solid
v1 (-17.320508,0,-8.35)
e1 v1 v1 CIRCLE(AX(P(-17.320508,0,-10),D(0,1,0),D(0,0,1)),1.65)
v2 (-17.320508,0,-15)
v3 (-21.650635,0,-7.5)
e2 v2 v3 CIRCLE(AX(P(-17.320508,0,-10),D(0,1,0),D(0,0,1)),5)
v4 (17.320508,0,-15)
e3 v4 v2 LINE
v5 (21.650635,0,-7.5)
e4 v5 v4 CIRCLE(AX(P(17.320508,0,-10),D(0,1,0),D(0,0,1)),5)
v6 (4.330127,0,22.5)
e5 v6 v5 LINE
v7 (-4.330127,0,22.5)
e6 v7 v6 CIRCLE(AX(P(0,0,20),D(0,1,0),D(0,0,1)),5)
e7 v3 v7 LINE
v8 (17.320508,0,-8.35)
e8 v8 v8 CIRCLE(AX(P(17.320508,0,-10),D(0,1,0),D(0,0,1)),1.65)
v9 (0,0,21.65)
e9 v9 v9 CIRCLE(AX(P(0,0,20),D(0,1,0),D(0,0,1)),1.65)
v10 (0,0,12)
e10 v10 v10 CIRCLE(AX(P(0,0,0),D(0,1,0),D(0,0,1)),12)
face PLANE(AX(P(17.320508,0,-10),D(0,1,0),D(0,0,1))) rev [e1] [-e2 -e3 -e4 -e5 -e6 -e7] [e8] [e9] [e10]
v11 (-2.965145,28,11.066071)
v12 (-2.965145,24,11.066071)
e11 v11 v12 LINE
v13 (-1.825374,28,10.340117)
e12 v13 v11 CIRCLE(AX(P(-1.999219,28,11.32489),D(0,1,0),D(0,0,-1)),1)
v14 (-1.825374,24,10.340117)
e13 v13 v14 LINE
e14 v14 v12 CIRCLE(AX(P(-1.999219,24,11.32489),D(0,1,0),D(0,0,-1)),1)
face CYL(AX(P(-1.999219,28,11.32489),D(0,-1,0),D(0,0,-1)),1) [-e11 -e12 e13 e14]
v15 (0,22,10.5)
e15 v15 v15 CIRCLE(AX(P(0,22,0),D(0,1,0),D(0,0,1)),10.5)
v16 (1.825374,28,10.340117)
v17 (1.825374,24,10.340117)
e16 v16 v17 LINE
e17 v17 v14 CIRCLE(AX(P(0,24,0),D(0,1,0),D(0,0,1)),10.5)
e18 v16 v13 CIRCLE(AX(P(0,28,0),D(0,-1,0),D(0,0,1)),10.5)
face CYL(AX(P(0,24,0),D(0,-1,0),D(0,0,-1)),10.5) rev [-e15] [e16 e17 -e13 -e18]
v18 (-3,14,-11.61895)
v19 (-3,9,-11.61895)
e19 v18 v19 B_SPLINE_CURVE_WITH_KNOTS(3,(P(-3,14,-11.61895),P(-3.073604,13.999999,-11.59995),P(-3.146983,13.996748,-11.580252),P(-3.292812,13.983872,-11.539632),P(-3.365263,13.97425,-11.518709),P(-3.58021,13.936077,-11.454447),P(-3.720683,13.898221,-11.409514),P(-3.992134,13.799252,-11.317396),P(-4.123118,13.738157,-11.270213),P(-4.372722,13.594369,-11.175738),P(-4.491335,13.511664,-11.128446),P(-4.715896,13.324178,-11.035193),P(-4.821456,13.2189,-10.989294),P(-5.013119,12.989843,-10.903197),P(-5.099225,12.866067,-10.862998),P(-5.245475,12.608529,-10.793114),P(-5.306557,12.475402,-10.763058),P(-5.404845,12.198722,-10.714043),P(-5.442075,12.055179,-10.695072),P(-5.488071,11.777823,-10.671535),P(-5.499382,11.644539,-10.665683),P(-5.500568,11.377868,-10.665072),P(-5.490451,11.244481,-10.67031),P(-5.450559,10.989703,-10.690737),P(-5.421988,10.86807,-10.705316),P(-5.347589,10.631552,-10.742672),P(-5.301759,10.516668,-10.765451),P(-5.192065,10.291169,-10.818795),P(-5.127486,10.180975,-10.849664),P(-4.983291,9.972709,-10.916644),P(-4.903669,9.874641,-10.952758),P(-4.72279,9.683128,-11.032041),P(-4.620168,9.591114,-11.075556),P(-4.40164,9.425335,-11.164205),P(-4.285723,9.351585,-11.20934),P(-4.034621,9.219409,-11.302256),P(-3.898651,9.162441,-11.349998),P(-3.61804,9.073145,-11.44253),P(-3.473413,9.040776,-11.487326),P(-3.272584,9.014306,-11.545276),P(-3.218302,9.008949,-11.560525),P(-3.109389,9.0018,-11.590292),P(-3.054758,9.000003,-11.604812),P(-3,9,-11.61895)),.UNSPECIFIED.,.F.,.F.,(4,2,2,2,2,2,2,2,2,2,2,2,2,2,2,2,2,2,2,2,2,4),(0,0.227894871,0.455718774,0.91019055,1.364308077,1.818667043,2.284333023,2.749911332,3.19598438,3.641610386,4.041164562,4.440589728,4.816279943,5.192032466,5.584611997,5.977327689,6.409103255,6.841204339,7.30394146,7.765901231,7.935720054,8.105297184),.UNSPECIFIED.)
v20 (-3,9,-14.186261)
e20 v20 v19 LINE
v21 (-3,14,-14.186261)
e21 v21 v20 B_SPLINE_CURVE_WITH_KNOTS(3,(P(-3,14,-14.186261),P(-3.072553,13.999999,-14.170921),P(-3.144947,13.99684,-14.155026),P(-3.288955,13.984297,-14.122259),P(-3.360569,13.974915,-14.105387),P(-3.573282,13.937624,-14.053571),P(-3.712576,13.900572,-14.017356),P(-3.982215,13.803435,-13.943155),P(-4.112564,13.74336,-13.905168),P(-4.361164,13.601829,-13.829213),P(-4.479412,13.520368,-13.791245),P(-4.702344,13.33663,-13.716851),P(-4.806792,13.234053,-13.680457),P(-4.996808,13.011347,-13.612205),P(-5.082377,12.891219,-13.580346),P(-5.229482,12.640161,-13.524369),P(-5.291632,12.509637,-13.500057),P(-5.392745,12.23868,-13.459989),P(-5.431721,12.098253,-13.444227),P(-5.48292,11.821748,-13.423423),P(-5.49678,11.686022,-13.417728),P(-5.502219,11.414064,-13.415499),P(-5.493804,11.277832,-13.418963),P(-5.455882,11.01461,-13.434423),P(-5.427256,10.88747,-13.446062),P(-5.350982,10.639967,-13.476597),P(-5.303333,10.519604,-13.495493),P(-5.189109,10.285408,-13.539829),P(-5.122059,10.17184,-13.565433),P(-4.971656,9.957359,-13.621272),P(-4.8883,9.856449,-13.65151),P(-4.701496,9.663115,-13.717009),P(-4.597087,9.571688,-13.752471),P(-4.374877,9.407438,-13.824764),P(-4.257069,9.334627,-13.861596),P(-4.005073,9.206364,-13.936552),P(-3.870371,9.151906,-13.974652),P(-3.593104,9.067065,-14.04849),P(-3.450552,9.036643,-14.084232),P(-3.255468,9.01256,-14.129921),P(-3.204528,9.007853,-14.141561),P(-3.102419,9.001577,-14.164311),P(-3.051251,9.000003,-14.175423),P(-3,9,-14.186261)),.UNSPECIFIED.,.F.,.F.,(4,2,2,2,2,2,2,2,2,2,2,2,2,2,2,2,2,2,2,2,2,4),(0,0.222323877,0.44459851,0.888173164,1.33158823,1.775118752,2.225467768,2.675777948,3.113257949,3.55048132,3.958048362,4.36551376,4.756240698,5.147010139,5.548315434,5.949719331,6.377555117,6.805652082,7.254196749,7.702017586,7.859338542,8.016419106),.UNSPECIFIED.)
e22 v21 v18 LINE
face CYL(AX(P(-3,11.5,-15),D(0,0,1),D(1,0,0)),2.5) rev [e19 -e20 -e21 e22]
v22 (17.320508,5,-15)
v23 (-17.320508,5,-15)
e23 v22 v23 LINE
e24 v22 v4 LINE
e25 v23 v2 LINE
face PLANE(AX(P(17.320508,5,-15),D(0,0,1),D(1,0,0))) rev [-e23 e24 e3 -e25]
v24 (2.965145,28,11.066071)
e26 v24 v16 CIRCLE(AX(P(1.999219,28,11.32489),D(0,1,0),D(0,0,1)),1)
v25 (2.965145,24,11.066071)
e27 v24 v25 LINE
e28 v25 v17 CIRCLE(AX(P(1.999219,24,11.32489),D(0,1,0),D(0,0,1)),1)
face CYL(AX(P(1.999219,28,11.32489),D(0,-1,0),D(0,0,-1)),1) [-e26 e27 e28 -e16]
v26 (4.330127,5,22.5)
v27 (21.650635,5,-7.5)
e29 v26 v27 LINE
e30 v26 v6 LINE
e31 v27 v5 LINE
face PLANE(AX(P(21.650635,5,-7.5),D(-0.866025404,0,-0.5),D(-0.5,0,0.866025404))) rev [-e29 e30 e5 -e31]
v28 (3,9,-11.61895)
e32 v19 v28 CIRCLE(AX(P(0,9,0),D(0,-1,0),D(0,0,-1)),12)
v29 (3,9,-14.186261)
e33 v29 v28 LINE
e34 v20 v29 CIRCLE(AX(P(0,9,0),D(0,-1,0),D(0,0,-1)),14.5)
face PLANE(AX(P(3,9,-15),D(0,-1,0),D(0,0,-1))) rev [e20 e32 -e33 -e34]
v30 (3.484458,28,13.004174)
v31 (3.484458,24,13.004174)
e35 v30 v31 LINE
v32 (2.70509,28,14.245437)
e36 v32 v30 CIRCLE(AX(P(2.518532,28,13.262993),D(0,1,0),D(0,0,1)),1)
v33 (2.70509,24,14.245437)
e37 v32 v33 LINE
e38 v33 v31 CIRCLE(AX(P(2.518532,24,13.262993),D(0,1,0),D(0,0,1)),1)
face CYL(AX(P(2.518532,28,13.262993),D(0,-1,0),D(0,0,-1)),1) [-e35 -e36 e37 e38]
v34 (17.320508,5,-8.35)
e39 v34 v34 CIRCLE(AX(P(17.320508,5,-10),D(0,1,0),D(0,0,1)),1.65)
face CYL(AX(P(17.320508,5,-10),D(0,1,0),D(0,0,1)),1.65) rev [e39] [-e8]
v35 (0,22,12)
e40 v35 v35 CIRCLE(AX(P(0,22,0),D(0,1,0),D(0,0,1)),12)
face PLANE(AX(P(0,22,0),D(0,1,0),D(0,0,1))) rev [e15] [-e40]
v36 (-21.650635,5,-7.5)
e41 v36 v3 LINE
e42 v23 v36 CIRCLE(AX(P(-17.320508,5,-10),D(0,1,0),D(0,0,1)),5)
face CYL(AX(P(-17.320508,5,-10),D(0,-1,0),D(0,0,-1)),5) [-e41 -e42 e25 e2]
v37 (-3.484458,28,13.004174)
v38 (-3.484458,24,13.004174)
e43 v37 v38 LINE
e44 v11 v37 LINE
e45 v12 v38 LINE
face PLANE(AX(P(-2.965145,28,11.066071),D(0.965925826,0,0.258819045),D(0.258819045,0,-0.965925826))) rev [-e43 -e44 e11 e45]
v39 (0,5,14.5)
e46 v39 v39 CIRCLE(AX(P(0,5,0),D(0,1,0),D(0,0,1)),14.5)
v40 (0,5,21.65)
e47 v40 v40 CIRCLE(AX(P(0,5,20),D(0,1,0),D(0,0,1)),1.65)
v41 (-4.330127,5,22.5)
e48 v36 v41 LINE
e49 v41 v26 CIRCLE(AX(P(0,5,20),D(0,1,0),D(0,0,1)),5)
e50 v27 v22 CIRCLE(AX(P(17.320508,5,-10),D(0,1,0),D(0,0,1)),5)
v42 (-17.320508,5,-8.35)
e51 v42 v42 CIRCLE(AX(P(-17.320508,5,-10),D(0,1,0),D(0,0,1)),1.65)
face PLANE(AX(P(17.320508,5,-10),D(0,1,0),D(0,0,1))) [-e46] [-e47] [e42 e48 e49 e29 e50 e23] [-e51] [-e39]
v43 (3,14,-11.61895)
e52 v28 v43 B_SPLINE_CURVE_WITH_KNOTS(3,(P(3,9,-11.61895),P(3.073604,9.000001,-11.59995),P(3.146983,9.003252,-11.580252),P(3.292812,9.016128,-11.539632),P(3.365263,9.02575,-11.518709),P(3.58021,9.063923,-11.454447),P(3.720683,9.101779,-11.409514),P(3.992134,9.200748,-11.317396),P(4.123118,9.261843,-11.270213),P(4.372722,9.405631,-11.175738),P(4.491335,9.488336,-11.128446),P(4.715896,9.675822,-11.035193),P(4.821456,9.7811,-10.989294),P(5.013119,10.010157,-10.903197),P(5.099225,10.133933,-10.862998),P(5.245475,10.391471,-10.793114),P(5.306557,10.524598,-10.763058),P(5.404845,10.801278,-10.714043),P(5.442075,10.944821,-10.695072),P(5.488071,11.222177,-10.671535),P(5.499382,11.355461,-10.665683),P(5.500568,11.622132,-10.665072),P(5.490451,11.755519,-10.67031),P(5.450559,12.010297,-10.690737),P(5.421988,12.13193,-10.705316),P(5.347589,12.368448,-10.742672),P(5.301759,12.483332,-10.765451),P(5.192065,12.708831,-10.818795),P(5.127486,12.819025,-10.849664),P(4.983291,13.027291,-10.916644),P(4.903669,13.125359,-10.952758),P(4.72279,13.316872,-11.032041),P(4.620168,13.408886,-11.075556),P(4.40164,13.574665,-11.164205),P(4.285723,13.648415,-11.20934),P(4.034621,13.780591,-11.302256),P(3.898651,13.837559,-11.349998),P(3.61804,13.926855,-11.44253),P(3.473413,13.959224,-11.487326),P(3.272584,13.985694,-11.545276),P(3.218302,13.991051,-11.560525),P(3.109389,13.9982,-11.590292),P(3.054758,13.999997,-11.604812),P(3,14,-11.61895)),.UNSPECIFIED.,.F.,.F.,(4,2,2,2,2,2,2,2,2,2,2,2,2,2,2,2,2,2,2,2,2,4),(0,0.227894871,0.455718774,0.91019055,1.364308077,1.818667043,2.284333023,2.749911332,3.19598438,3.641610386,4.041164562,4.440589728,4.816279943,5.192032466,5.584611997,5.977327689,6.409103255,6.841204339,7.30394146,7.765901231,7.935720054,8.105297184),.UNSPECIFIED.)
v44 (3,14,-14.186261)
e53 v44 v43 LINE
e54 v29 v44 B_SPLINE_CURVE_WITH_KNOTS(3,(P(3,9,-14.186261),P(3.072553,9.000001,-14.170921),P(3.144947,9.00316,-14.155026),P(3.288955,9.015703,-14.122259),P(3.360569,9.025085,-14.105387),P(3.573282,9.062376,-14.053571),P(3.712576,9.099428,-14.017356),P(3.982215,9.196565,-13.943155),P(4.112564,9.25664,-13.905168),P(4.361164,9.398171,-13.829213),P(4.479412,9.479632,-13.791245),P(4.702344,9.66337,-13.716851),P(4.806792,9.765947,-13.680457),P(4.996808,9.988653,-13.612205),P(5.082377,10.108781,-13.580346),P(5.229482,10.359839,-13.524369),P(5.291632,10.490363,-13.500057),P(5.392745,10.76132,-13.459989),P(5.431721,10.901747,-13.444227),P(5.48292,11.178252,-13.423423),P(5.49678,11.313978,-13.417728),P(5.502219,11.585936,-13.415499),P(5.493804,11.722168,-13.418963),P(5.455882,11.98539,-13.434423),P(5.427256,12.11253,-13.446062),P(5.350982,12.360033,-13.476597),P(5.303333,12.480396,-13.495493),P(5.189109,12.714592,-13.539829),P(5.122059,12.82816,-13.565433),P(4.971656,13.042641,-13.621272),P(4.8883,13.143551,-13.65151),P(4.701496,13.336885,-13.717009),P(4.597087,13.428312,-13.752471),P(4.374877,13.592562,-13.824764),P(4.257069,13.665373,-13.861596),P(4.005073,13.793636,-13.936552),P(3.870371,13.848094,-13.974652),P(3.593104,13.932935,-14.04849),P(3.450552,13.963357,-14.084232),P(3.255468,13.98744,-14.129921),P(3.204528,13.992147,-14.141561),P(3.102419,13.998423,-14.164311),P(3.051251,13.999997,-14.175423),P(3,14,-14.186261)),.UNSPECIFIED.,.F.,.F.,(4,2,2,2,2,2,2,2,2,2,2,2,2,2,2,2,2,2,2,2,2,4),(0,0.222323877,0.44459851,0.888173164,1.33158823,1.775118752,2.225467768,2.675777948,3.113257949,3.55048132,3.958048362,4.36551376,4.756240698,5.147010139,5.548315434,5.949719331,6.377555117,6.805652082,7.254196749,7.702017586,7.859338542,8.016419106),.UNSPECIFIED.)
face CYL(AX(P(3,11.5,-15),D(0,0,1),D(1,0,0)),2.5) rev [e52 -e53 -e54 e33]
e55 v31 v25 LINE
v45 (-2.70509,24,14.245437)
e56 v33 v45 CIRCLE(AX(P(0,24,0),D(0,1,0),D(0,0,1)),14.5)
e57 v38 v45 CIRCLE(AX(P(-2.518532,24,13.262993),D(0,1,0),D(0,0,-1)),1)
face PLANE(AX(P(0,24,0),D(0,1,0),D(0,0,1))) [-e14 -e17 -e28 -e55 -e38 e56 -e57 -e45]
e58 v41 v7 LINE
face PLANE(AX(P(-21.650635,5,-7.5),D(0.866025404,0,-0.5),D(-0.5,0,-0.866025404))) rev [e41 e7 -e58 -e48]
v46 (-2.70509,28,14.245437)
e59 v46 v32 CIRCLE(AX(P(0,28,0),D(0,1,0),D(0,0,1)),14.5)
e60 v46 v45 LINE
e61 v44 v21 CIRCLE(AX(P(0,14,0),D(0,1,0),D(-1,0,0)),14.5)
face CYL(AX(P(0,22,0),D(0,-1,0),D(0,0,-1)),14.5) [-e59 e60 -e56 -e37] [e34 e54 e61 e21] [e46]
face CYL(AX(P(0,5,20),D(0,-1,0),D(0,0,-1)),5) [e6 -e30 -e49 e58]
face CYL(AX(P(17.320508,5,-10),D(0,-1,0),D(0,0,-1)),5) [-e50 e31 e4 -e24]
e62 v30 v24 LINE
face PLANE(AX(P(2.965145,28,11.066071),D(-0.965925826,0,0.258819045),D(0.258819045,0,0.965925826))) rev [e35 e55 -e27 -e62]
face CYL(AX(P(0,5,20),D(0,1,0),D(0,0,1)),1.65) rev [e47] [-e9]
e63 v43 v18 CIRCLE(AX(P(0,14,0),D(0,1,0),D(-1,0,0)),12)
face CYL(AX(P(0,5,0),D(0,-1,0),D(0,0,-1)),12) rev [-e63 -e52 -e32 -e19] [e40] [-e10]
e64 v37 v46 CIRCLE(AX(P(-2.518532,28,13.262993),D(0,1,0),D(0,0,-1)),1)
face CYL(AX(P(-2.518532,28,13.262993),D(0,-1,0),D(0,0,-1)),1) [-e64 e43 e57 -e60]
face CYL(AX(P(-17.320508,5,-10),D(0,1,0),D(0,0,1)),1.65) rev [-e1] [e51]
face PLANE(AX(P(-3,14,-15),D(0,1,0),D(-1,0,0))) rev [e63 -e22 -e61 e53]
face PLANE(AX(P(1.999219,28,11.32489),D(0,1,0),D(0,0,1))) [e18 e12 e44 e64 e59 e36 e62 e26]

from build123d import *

# Parameters (mm, degrees)
SKETCH_1_R          = 12
EXTRUDE_4_DEPTH     = 5
SKETCH_6_R          = 14.5
SKETCH_6_R_2        = 12
EXTRUDE_5_DEPTH     = 17
SKETCH_7_R          = 14.5
SKETCH_7_R_2        = 10.5
EXTRUDE_6_DEPTH     = 2
EXTRUDE_7_DEPTH     = 4
CUT_EXTRUDE_3_DEPTH = 44.671559
HOLE_WIZARD_M4_1_D  = 3.3


with BuildPart() as part:
    # 草图1 → 凸台-拉伸4 (new body)
    with BuildSketch(Plane(origin=(0, 0, 0), x_dir=(1, 0, 0), z_dir=(0, 1, 0))):
        with BuildLine():
            Line((-21.650635, 7.5), (-4.330127, -22.5))
            ThreePointArc((-4.330127, -22.5), (0, -25), (4.330127, -22.5))
            Line((4.330127, -22.5), (21.650635, 7.5))
            ThreePointArc((21.650635, 7.5), (21.650635, 12.5), (17.320508, 15))
            Line((17.320508, 15), (-17.320508, 15))
            ThreePointArc((-17.320508, 15), (-21.650635, 12.5), (-21.650635, 7.5))
        make_face()
        with Locations(Location((0, 0, 0), (0, 0, 270))):
            Circle(SKETCH_1_R, mode=Mode.SUBTRACT)
    extrude(amount=EXTRUDE_4_DEPTH)

    # 草图6 → 凸台-拉伸5 (add)
    with BuildSketch(Plane(origin=(0, 5, 0), x_dir=(1, 0, 0), z_dir=(0, 1, 0))):
        with Locations(Location((0, 0, 0), (0, 0, 270))):
            Circle(SKETCH_6_R)
        with Locations(Location((0, 0, 0), (0, 0, 270))):
            Circle(SKETCH_6_R_2, mode=Mode.SUBTRACT)
    extrude(amount=EXTRUDE_5_DEPTH)

    # 草图7 → 凸台-拉伸6 (add)
    with BuildSketch(Plane(origin=(0, 22, 0), x_dir=(1, 0, 0), z_dir=(0, 1, 0))):
        with Locations(Location((0, 0, 0), (0, 0, 270))):
            Circle(SKETCH_7_R)
        with Locations(Location((0, 0, 0), (0, 0, 270))):
            Circle(SKETCH_7_R_2, mode=Mode.SUBTRACT)
    extrude(amount=EXTRUDE_6_DEPTH)

    # 草图8 → 凸台-拉伸7 (add)
    with BuildSketch(Plane(origin=(0, 24, 0), x_dir=(1, 0, 0), z_dir=(0, 1, 0))):
        with BuildLine():
            Line((2.965145, -11.066071), (3.484458, -13.004174))
            ThreePointArc((3.484458, -13.004174), (3.365431, -13.794747), (2.70509, -14.245437))
            ThreePointArc((2.70509, -14.245437), (0, -14.5), (-2.70509, -14.245437))
            ThreePointArc((-2.70509, -14.245437), (-3.365431, -13.794747), (-3.484458, -13.004174))
            Line((-3.484458, -13.004174), (-2.965145, -11.066071))
            ThreePointArc((-2.965145, -11.066071), (-2.536434, -10.481444), (-1.825374, -10.340117))
            ThreePointArc((-1.825374, -10.340117), (0, -10.5), (1.825374, -10.340117))
            ThreePointArc((1.825374, -10.340117), (2.536434, -10.481444), (2.965145, -11.066071))
        make_face()
    extrude(amount=EXTRUDE_7_DEPTH)

    # 草图9 → 切除-拉伸3 (cut, through all)
    with BuildSketch(Plane.XY):
        with BuildLine():
            Line((-3, 14), (3, 14))
            ThreePointArc((3, 14), (5.5, 11.5), (3, 9))
            Line((3, 9), (-3, 9))
            ThreePointArc((-3, 9), (-5.5, 11.5), (-3, 14))
        make_face()
    extrude(amount=-CUT_EXTRUDE_3_DEPTH, mode=Mode.SUBTRACT)

    # M4 螺纹孔1 (through all)
    with Locations(Plane(origin=(0, 5, 20), x_dir=(0, 0, 1), z_dir=(0, 1, 0))):
        with Locations((0, 0), (-30, 17.320508), (-30, -17.320508)):
            Hole(HOLE_WIZARD_M4_1_D / 2)


solid = part.part
